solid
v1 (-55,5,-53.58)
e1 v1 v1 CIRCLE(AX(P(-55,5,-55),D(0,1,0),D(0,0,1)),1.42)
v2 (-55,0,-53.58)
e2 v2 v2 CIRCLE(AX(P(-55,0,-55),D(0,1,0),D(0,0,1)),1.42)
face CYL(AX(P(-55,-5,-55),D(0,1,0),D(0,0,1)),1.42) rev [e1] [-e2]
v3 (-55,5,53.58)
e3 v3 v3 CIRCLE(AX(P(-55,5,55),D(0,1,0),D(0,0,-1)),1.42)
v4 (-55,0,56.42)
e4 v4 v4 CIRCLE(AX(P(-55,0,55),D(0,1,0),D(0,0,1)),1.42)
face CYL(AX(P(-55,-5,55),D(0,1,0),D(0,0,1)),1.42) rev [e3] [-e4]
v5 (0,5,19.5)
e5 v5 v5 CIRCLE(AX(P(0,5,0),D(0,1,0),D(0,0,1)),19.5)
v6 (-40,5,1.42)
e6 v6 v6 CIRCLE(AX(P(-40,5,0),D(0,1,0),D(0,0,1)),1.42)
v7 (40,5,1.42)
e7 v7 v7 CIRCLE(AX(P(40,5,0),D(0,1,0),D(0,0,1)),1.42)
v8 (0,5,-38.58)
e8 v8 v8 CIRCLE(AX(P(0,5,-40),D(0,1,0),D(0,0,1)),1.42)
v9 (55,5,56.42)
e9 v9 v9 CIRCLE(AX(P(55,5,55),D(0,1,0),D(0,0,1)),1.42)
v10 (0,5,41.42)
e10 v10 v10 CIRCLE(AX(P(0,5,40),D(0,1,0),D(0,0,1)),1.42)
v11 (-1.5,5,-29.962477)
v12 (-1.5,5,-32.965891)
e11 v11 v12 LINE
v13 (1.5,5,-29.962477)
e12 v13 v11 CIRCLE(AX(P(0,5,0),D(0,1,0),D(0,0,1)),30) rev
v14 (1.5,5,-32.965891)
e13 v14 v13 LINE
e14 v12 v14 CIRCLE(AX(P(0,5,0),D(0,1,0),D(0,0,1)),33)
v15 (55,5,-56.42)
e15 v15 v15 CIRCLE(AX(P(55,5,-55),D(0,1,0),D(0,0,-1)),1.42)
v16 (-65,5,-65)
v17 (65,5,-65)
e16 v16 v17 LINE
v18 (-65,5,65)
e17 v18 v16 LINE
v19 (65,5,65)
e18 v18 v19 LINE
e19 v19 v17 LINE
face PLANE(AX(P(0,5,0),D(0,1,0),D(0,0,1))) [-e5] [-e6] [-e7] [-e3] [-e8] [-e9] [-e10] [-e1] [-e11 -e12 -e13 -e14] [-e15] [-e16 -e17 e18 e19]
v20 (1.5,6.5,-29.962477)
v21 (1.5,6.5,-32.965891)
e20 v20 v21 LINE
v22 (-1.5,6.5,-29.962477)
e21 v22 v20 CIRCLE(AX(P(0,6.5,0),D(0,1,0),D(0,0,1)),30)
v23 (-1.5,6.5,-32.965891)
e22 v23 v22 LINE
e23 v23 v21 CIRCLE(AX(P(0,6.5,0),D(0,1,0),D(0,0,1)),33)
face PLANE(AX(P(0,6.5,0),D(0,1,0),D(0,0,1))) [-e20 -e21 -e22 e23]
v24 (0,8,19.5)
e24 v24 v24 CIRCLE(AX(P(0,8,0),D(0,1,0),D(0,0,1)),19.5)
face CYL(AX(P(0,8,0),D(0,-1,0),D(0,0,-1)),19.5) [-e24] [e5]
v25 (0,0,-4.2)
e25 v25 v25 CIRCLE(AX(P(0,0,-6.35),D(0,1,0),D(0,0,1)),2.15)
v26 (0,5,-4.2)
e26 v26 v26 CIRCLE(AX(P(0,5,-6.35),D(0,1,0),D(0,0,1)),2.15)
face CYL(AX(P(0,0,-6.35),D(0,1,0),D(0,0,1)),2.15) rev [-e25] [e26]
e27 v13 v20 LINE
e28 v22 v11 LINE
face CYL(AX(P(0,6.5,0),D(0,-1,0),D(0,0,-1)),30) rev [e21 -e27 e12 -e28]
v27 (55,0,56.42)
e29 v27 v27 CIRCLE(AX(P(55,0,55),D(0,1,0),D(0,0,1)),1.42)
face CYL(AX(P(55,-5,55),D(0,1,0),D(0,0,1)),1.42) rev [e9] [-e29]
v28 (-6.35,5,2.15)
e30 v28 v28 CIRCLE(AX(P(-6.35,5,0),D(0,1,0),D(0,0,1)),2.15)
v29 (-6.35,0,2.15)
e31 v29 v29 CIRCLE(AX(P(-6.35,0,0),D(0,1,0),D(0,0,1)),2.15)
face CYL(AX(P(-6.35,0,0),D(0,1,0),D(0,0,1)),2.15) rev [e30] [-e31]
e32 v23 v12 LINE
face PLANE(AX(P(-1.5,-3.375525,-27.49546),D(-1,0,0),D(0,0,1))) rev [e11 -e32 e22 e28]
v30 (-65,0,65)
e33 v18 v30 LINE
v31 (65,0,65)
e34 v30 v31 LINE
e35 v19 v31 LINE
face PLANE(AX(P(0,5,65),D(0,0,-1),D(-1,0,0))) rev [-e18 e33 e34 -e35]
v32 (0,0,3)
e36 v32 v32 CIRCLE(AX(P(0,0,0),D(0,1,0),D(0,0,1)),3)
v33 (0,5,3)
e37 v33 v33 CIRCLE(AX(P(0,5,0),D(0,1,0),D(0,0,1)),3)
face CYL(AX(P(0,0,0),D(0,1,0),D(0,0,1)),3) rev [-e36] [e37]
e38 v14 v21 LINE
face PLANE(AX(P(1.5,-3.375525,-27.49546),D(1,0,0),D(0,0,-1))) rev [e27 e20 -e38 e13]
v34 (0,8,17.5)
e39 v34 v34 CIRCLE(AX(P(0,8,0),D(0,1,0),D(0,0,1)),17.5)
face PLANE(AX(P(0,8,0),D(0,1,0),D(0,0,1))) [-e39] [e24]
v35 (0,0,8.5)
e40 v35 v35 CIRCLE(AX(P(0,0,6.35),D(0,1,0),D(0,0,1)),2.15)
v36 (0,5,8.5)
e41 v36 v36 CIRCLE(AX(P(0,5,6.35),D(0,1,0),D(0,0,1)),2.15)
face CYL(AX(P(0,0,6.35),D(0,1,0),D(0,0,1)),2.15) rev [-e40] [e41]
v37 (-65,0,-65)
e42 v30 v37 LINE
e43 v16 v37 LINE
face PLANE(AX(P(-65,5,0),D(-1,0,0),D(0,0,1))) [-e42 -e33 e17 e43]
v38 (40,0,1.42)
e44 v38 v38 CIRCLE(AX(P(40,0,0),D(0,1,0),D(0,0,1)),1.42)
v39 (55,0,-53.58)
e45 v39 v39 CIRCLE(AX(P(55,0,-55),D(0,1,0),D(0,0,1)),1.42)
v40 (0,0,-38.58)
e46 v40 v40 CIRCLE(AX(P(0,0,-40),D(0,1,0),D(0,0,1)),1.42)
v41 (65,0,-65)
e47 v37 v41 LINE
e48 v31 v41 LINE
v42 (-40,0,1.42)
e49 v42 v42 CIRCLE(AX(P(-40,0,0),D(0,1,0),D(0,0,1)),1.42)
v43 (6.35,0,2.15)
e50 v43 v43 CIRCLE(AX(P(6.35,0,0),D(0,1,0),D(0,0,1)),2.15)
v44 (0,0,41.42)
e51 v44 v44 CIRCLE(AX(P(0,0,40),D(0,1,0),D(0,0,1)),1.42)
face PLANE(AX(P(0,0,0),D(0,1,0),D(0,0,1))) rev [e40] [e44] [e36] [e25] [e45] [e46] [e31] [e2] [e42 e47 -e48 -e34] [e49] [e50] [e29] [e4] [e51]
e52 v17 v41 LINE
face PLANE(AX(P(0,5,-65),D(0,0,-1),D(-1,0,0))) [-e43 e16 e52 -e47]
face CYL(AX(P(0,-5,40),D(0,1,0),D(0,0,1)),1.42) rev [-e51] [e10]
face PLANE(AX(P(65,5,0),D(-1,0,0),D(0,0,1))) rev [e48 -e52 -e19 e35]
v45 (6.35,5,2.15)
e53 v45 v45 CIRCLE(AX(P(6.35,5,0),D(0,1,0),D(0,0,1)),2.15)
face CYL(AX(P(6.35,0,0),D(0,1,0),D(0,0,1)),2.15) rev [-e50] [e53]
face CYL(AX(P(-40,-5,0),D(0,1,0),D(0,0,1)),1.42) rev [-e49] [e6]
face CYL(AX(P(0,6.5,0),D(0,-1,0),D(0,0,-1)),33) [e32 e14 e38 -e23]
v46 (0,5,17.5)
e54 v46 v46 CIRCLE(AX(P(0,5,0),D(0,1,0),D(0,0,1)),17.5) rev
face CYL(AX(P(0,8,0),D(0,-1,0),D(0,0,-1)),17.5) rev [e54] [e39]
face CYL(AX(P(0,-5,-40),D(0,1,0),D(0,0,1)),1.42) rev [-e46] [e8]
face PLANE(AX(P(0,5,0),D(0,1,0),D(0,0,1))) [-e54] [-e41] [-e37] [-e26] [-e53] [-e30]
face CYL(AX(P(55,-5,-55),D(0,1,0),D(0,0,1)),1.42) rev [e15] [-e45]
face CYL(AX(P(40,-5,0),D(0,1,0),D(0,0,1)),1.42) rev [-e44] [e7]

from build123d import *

# Parameters (mm, degrees)
SKETCH1_W           = 130
SKETCH1_H           = 130
SKETCH1_R           = 31
SKETCH1_R_2         = 26
SKETCH1_R_3         = 24
BOSS_EXTRUDE2_DEPTH = 5
SKETCH2_R           = 33
SKETCH2_R_2         = 30
BOSS_EXTRUDE3_DEPTH = 1.5
SKETCH3_R           = 2.15
SKETCH3_R_2         = 3
CUT_EXTRUDE1_DEPTH  = 5
SKETCH5_R           = 1.42
CUT_EXTRUDE3_DEPTH  = 10
SKETCH6_R           = 19.5
SKETCH6_R_2         = 17.5
BOSS_EXTRUDE4_DEPTH = 3
SKETCH7_W           = 3
SKETCH7_H           = 7.819809603
CUT_EXTRUDE5_DEPTH  = 1.5


with BuildPart() as part:
    # Sketch1 → Boss-Extrude2 (new body)
    # profile 1 of 4: a face of its own
    with BuildSketch(Plane(origin=(0, 0, 0), x_dir=(1, 0, 0), z_dir=(0, 1, 0))):
        Rectangle(SKETCH1_W, SKETCH1_H)
        Circle(SKETCH1_R, mode=Mode.SUBTRACT)
    # profile 2 of 4: a face of its own
    with BuildSketch(Plane(origin=(0, 0, 0), x_dir=(1, 0, 0), z_dir=(0, 1, 0))):
        Circle(SKETCH1_R)
        Circle(SKETCH1_R_2, mode=Mode.SUBTRACT)
    # profile 3 of 4: a face of its own
    with BuildSketch(Plane(origin=(0, 0, 0), x_dir=(1, 0, 0), z_dir=(0, 1, 0))):
        Circle(SKETCH1_R_2)
        Circle(SKETCH1_R_3, mode=Mode.SUBTRACT)
    # profile 4 of 4: a face of its own
    with BuildSketch(Plane(origin=(0, 0, 0), x_dir=(1, 0, 0), z_dir=(0, 1, 0))):
        Circle(SKETCH1_R_3)
    extrude(amount=BOSS_EXTRUDE2_DEPTH)

    # Sketch2 → Boss-Extrude3 (add)
    with BuildSketch(Plane(origin=(0, 5, 0), x_dir=(1, 0, 0), z_dir=(0, 1, 0))):
        with Locations(Location((0, 0, 0), (0, 0, 270))):
            Circle(SKETCH2_R)
        with Locations(Location((0, 0, 0), (0, 0, 270))):
            Circle(SKETCH2_R_2, mode=Mode.SUBTRACT)
    extrude(amount=BOSS_EXTRUDE3_DEPTH)

    # Sketch3 → Cut-Extrude1 (cut)
    with BuildSketch(Plane(origin=(0, 5, 0), x_dir=(1, 0, 0), z_dir=(0, 1, 0))):
        with Locations(Location((0, 6.35, 0), (0, 0, 270))):
            Circle(SKETCH3_R)
        with Locations(Location((6.35, 0, 0), (0, 0, 270))):
            Circle(SKETCH3_R)
        with Locations(Location((0, -6.35, 0), (0, 0, 270))):
            Circle(SKETCH3_R)
        with Locations(Location((-6.35, 0, 0), (0, 0, 270))):
            Circle(SKETCH3_R)
        with Locations(Location((0, 0, 0), (0, 0, 270))):
            Circle(SKETCH3_R_2)
    extrude(amount=-CUT_EXTRUDE1_DEPTH, mode=Mode.SUBTRACT)

    # Sketch5 → Cut-Extrude3 (cut)
    with BuildSketch(Plane(origin=(0, 5, 0), x_dir=(1, 0, 0), z_dir=(0, 1, 0))):
        with Locations(Location((-55, 55, 0), (0, 0, 270))):
            Circle(SKETCH5_R)
        with Locations(Location((-55, -55, 0), (0, 0, 270))):
            Circle(SKETCH5_R)
        with Locations(Location((55, -55, 0), (0, 0, 270))):
            Circle(SKETCH5_R)
        with Locations(Location((55, 55, 0), (0, 0, 270))):
            Circle(SKETCH5_R)
        with Locations(Location((0, 40, 0), (0, 0, 270))):
            Circle(SKETCH5_R)
        with Locations(Location((-40, 0, 0), (0, 0, 270))):
            Circle(SKETCH5_R)
        with Locations(Location((40, 0, 0), (0, 0, 270))):
            Circle(SKETCH5_R)
        with Locations(Location((0, -40, 0), (0, 0, 270))):
            Circle(SKETCH5_R)
    extrude(amount=-CUT_EXTRUDE3_DEPTH, mode=Mode.SUBTRACT)

    # Sketch6 → Boss-Extrude4 (add)
    with BuildSketch(Plane(origin=(0, 5, 0), x_dir=(1, 0, 0), z_dir=(0, 1, 0))):
        with Locations(Location((0, 0, 0), (0, 0, 270))):
            Circle(SKETCH6_R)
        with Locations(Location((0, 0, 0), (0, 0, 270))):
            Circle(SKETCH6_R_2, mode=Mode.SUBTRACT)
    extrude(amount=BOSS_EXTRUDE4_DEPTH)

    # Sketch7 → Cut-Extrude5 (cut)
    with BuildSketch(Plane(origin=(0, 6.5, 0), x_dir=(1, 0, 0), z_dir=(0, 1, 0))):
        with Locations((0, 31.405364374)):
            Rectangle(SKETCH7_W, SKETCH7_H)
    extrude(amount=-CUT_EXTRUDE5_DEPTH, mode=Mode.SUBTRACT)


solid = part.part
